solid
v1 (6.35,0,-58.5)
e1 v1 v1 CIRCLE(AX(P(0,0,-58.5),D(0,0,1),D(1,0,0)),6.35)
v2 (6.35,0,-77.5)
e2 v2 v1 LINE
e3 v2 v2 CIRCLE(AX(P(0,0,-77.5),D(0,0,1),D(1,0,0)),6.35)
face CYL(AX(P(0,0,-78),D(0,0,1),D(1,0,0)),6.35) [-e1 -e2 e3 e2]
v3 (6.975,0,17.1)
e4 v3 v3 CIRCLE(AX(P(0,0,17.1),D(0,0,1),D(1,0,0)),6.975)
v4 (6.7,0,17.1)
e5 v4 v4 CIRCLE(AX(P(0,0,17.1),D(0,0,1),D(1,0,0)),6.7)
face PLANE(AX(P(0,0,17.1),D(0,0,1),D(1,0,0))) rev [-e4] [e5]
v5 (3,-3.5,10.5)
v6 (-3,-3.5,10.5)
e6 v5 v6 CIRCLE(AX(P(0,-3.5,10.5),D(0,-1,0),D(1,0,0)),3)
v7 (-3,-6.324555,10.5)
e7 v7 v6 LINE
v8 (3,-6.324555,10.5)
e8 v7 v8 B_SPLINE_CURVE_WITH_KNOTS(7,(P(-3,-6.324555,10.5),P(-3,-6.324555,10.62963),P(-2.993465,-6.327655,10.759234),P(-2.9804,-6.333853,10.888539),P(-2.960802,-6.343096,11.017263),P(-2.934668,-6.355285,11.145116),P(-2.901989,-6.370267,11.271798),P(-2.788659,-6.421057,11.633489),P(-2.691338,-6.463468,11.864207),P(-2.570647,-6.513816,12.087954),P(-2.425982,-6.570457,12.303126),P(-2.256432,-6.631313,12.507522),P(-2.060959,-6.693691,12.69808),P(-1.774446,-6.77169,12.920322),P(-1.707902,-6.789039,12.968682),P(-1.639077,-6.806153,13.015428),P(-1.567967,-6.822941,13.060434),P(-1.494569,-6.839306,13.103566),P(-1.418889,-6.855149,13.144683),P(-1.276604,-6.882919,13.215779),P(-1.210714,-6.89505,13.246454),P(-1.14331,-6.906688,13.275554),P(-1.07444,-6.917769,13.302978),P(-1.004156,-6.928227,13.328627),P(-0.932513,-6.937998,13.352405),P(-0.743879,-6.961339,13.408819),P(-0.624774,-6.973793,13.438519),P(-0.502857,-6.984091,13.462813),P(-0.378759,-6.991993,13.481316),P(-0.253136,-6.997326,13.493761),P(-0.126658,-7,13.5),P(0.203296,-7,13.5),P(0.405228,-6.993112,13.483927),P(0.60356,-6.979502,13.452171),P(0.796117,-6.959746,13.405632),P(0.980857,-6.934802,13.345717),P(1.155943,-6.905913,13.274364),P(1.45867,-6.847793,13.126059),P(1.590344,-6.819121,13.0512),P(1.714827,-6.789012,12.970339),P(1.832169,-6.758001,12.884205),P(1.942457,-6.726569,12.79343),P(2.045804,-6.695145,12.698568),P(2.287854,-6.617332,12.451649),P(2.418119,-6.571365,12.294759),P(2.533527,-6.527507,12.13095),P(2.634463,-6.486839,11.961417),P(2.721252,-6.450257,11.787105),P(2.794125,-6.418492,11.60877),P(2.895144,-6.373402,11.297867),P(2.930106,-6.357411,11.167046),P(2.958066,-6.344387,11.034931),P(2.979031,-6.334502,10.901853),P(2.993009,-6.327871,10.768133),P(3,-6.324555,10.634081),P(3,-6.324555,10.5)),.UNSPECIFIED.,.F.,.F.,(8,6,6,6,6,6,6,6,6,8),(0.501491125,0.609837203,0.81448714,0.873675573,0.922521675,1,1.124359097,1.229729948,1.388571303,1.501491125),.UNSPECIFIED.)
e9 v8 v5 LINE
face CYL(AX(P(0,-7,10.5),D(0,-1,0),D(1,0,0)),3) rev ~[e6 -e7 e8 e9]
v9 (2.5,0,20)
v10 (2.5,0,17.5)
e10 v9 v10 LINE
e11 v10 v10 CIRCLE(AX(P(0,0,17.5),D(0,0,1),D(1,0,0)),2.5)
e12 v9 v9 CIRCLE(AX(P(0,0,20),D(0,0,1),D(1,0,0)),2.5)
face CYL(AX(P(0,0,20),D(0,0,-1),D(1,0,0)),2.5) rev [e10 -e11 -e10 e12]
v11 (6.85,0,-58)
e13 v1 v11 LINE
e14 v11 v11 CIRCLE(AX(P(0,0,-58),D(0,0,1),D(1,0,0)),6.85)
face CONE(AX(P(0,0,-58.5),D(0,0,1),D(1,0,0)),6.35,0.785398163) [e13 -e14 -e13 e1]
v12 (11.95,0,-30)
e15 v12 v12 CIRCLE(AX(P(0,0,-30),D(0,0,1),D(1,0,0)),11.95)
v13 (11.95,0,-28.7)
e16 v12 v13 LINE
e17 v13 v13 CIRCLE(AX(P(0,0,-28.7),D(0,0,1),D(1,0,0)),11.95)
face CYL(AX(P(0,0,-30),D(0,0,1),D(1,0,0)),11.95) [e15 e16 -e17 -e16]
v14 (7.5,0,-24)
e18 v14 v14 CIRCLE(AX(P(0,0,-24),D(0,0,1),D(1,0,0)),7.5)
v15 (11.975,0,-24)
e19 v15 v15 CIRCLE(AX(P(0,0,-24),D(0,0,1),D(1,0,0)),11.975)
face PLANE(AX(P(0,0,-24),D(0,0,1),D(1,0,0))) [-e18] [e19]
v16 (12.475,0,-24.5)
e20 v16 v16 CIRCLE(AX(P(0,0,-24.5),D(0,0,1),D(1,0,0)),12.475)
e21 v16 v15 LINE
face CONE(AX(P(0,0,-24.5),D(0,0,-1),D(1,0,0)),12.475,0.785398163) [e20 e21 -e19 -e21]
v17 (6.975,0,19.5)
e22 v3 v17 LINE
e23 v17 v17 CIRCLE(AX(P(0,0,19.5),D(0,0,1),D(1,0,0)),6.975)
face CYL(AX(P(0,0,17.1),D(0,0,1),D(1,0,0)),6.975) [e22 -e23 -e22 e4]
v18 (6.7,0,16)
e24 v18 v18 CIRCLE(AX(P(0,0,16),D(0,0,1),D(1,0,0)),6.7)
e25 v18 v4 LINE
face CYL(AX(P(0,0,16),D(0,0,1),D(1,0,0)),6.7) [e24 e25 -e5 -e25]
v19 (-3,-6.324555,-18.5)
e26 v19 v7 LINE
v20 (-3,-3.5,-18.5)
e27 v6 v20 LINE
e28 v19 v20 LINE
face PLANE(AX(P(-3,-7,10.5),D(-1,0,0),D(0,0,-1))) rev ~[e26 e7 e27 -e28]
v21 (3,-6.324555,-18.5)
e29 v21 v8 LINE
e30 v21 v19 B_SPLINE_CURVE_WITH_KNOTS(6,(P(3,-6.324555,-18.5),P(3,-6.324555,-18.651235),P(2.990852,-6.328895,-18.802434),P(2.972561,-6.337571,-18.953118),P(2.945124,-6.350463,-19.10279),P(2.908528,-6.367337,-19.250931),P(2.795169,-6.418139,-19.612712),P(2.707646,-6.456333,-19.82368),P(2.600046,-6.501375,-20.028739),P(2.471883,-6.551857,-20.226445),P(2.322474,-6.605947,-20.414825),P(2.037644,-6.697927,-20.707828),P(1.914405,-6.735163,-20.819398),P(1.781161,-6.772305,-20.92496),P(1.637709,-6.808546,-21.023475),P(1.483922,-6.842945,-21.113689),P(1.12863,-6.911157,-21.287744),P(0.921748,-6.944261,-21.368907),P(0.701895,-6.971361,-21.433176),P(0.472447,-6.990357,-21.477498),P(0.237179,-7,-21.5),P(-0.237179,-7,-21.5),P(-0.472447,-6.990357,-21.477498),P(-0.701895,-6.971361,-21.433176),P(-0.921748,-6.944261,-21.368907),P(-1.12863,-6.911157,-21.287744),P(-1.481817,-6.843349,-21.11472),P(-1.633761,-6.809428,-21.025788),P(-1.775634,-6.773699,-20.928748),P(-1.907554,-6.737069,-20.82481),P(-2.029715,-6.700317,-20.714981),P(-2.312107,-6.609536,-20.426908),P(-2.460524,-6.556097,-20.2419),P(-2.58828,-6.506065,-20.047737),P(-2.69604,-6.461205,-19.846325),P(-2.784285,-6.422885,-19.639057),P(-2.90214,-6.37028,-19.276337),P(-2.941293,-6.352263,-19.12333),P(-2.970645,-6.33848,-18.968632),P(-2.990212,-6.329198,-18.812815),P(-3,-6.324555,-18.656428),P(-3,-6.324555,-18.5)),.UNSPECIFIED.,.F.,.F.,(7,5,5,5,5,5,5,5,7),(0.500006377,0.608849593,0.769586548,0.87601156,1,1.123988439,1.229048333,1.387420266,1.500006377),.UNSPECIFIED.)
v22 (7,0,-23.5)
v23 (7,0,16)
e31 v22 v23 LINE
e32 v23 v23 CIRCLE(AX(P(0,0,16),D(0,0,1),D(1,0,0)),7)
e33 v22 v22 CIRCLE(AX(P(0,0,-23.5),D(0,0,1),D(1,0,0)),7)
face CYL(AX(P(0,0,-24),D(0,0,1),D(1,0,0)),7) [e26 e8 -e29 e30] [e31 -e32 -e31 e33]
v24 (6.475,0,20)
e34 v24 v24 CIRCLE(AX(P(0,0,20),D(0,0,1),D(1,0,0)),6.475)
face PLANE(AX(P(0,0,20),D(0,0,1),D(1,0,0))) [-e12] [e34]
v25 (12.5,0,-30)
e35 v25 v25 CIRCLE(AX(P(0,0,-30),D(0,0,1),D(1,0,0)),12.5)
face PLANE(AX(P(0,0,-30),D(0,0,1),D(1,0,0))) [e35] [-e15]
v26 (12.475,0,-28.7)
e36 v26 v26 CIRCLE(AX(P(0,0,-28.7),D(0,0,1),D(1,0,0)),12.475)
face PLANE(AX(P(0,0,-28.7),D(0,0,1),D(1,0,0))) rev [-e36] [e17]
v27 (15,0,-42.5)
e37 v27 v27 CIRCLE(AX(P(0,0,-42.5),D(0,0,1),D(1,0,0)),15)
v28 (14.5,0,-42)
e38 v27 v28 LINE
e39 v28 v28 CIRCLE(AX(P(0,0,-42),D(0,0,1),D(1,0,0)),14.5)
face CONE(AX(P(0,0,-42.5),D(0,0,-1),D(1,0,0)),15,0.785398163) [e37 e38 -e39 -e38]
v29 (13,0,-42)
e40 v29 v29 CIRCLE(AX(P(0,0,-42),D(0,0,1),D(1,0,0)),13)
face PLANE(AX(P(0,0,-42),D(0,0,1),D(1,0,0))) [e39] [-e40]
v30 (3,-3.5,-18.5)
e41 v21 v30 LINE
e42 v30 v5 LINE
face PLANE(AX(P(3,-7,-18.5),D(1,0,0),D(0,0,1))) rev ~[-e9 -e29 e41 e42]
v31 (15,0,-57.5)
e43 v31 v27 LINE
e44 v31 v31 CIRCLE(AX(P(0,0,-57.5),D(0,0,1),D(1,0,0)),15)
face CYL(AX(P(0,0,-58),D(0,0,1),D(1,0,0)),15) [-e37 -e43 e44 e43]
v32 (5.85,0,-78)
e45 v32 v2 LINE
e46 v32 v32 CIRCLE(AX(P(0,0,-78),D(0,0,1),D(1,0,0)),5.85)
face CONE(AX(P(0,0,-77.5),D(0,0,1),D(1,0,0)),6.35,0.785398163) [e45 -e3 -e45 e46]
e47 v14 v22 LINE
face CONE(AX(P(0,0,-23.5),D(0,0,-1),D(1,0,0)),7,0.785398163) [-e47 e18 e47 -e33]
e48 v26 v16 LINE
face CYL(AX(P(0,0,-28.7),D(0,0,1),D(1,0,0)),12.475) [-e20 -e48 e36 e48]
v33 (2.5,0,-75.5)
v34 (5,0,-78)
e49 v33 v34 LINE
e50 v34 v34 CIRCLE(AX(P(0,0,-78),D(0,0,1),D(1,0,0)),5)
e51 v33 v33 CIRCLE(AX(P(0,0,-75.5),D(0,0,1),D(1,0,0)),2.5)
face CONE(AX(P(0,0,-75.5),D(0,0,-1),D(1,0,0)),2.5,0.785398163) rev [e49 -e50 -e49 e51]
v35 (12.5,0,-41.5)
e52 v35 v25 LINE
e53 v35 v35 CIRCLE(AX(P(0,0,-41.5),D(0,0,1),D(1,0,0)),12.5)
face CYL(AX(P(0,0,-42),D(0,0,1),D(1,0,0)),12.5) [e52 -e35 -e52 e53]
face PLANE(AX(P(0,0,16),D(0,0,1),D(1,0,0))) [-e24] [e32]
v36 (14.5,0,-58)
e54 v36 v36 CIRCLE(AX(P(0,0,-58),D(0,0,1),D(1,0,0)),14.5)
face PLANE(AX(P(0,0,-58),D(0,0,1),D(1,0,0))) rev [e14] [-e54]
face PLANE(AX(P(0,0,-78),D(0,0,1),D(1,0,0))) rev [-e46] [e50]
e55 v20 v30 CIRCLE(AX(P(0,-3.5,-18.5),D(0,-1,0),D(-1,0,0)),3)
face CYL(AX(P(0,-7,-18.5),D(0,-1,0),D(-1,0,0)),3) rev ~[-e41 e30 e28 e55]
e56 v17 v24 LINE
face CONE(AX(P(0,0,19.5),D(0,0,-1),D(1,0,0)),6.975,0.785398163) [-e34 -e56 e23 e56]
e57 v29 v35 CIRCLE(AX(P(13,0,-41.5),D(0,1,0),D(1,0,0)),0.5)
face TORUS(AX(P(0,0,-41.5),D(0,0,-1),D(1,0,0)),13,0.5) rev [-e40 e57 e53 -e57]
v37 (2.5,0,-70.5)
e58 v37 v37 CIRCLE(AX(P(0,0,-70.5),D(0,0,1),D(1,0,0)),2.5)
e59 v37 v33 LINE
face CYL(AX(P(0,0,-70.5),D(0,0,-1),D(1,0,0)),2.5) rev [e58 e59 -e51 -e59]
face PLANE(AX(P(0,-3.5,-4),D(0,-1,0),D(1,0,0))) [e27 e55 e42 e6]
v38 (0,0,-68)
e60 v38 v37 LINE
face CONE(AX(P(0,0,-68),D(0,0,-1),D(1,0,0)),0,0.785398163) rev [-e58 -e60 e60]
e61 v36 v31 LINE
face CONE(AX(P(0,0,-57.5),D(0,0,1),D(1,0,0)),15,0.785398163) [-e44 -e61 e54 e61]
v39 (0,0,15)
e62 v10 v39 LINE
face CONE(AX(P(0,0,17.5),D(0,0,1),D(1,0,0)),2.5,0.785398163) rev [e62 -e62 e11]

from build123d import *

# Parameters (mm, degrees)
F2_SIZE  = 0.5
F3_R     = 0.5
F6_DEPTH = 3.5


with BuildPart() as f1:
    # F0 (on Front) → F1 (revolve)
    with BuildSketch(Plane.XZ):
        Polygon((0, 15), (0, 0), (0, -68), (2.5, -70.5), (2.5, -75.5), (5, -78), (6.35, -78), (6.35, -58), (15, -58), (15, -42), (12.5, -42), (12.5, -30), (11.95, -30), (11.95, -28.7), (12.475, -28.7), (12.475, -24), (7, -24), (7, 16), (6.7, 16), (6.7, 17.1), (6.975, 17.1), (6.975, 20), (2.5, 20), (2.5, 17.5), align=None)
    revolve(axis=Axis((0, 0, 55.465363), (0, 0, 1)))

    # F2
    f2_edges = [f1.edges().sort_by_distance(p)[0] for p in [
        (-6.975, 0, 20),
        (-12.475, 0, -24),
        (-7, 0, -24),
        (-6.35, 0, -58),
        (-15, 0, -58),
        (-6.35, 0, -78),
        (-15, 0, -42),
    ]]
    chamfer(f2_edges, length=F2_SIZE)

    # F3
    f3_edges = [f1.edges().sort_by_distance(p)[0] for p in [
        (-12.5, 0, -42),
    ]]
    fillet(f3_edges, radius=F3_R)

    # F5 (on offset) → F6 (cut)
    with BuildSketch(Plane.XZ.offset(7)):
        with BuildLine():
            Line((3, -18.5), (3, 10.5))
            ThreePointArc((3, 10.5), (0, 13.5), (-3, 10.5))
            Line((-3, 10.5), (-3, -18.5))
            ThreePointArc((-3, -18.5), (0, -21.5), (3, -18.5))
        make_face()
    extrude(amount=-F6_DEPTH, mode=Mode.SUBTRACT)


solid = f1.part
